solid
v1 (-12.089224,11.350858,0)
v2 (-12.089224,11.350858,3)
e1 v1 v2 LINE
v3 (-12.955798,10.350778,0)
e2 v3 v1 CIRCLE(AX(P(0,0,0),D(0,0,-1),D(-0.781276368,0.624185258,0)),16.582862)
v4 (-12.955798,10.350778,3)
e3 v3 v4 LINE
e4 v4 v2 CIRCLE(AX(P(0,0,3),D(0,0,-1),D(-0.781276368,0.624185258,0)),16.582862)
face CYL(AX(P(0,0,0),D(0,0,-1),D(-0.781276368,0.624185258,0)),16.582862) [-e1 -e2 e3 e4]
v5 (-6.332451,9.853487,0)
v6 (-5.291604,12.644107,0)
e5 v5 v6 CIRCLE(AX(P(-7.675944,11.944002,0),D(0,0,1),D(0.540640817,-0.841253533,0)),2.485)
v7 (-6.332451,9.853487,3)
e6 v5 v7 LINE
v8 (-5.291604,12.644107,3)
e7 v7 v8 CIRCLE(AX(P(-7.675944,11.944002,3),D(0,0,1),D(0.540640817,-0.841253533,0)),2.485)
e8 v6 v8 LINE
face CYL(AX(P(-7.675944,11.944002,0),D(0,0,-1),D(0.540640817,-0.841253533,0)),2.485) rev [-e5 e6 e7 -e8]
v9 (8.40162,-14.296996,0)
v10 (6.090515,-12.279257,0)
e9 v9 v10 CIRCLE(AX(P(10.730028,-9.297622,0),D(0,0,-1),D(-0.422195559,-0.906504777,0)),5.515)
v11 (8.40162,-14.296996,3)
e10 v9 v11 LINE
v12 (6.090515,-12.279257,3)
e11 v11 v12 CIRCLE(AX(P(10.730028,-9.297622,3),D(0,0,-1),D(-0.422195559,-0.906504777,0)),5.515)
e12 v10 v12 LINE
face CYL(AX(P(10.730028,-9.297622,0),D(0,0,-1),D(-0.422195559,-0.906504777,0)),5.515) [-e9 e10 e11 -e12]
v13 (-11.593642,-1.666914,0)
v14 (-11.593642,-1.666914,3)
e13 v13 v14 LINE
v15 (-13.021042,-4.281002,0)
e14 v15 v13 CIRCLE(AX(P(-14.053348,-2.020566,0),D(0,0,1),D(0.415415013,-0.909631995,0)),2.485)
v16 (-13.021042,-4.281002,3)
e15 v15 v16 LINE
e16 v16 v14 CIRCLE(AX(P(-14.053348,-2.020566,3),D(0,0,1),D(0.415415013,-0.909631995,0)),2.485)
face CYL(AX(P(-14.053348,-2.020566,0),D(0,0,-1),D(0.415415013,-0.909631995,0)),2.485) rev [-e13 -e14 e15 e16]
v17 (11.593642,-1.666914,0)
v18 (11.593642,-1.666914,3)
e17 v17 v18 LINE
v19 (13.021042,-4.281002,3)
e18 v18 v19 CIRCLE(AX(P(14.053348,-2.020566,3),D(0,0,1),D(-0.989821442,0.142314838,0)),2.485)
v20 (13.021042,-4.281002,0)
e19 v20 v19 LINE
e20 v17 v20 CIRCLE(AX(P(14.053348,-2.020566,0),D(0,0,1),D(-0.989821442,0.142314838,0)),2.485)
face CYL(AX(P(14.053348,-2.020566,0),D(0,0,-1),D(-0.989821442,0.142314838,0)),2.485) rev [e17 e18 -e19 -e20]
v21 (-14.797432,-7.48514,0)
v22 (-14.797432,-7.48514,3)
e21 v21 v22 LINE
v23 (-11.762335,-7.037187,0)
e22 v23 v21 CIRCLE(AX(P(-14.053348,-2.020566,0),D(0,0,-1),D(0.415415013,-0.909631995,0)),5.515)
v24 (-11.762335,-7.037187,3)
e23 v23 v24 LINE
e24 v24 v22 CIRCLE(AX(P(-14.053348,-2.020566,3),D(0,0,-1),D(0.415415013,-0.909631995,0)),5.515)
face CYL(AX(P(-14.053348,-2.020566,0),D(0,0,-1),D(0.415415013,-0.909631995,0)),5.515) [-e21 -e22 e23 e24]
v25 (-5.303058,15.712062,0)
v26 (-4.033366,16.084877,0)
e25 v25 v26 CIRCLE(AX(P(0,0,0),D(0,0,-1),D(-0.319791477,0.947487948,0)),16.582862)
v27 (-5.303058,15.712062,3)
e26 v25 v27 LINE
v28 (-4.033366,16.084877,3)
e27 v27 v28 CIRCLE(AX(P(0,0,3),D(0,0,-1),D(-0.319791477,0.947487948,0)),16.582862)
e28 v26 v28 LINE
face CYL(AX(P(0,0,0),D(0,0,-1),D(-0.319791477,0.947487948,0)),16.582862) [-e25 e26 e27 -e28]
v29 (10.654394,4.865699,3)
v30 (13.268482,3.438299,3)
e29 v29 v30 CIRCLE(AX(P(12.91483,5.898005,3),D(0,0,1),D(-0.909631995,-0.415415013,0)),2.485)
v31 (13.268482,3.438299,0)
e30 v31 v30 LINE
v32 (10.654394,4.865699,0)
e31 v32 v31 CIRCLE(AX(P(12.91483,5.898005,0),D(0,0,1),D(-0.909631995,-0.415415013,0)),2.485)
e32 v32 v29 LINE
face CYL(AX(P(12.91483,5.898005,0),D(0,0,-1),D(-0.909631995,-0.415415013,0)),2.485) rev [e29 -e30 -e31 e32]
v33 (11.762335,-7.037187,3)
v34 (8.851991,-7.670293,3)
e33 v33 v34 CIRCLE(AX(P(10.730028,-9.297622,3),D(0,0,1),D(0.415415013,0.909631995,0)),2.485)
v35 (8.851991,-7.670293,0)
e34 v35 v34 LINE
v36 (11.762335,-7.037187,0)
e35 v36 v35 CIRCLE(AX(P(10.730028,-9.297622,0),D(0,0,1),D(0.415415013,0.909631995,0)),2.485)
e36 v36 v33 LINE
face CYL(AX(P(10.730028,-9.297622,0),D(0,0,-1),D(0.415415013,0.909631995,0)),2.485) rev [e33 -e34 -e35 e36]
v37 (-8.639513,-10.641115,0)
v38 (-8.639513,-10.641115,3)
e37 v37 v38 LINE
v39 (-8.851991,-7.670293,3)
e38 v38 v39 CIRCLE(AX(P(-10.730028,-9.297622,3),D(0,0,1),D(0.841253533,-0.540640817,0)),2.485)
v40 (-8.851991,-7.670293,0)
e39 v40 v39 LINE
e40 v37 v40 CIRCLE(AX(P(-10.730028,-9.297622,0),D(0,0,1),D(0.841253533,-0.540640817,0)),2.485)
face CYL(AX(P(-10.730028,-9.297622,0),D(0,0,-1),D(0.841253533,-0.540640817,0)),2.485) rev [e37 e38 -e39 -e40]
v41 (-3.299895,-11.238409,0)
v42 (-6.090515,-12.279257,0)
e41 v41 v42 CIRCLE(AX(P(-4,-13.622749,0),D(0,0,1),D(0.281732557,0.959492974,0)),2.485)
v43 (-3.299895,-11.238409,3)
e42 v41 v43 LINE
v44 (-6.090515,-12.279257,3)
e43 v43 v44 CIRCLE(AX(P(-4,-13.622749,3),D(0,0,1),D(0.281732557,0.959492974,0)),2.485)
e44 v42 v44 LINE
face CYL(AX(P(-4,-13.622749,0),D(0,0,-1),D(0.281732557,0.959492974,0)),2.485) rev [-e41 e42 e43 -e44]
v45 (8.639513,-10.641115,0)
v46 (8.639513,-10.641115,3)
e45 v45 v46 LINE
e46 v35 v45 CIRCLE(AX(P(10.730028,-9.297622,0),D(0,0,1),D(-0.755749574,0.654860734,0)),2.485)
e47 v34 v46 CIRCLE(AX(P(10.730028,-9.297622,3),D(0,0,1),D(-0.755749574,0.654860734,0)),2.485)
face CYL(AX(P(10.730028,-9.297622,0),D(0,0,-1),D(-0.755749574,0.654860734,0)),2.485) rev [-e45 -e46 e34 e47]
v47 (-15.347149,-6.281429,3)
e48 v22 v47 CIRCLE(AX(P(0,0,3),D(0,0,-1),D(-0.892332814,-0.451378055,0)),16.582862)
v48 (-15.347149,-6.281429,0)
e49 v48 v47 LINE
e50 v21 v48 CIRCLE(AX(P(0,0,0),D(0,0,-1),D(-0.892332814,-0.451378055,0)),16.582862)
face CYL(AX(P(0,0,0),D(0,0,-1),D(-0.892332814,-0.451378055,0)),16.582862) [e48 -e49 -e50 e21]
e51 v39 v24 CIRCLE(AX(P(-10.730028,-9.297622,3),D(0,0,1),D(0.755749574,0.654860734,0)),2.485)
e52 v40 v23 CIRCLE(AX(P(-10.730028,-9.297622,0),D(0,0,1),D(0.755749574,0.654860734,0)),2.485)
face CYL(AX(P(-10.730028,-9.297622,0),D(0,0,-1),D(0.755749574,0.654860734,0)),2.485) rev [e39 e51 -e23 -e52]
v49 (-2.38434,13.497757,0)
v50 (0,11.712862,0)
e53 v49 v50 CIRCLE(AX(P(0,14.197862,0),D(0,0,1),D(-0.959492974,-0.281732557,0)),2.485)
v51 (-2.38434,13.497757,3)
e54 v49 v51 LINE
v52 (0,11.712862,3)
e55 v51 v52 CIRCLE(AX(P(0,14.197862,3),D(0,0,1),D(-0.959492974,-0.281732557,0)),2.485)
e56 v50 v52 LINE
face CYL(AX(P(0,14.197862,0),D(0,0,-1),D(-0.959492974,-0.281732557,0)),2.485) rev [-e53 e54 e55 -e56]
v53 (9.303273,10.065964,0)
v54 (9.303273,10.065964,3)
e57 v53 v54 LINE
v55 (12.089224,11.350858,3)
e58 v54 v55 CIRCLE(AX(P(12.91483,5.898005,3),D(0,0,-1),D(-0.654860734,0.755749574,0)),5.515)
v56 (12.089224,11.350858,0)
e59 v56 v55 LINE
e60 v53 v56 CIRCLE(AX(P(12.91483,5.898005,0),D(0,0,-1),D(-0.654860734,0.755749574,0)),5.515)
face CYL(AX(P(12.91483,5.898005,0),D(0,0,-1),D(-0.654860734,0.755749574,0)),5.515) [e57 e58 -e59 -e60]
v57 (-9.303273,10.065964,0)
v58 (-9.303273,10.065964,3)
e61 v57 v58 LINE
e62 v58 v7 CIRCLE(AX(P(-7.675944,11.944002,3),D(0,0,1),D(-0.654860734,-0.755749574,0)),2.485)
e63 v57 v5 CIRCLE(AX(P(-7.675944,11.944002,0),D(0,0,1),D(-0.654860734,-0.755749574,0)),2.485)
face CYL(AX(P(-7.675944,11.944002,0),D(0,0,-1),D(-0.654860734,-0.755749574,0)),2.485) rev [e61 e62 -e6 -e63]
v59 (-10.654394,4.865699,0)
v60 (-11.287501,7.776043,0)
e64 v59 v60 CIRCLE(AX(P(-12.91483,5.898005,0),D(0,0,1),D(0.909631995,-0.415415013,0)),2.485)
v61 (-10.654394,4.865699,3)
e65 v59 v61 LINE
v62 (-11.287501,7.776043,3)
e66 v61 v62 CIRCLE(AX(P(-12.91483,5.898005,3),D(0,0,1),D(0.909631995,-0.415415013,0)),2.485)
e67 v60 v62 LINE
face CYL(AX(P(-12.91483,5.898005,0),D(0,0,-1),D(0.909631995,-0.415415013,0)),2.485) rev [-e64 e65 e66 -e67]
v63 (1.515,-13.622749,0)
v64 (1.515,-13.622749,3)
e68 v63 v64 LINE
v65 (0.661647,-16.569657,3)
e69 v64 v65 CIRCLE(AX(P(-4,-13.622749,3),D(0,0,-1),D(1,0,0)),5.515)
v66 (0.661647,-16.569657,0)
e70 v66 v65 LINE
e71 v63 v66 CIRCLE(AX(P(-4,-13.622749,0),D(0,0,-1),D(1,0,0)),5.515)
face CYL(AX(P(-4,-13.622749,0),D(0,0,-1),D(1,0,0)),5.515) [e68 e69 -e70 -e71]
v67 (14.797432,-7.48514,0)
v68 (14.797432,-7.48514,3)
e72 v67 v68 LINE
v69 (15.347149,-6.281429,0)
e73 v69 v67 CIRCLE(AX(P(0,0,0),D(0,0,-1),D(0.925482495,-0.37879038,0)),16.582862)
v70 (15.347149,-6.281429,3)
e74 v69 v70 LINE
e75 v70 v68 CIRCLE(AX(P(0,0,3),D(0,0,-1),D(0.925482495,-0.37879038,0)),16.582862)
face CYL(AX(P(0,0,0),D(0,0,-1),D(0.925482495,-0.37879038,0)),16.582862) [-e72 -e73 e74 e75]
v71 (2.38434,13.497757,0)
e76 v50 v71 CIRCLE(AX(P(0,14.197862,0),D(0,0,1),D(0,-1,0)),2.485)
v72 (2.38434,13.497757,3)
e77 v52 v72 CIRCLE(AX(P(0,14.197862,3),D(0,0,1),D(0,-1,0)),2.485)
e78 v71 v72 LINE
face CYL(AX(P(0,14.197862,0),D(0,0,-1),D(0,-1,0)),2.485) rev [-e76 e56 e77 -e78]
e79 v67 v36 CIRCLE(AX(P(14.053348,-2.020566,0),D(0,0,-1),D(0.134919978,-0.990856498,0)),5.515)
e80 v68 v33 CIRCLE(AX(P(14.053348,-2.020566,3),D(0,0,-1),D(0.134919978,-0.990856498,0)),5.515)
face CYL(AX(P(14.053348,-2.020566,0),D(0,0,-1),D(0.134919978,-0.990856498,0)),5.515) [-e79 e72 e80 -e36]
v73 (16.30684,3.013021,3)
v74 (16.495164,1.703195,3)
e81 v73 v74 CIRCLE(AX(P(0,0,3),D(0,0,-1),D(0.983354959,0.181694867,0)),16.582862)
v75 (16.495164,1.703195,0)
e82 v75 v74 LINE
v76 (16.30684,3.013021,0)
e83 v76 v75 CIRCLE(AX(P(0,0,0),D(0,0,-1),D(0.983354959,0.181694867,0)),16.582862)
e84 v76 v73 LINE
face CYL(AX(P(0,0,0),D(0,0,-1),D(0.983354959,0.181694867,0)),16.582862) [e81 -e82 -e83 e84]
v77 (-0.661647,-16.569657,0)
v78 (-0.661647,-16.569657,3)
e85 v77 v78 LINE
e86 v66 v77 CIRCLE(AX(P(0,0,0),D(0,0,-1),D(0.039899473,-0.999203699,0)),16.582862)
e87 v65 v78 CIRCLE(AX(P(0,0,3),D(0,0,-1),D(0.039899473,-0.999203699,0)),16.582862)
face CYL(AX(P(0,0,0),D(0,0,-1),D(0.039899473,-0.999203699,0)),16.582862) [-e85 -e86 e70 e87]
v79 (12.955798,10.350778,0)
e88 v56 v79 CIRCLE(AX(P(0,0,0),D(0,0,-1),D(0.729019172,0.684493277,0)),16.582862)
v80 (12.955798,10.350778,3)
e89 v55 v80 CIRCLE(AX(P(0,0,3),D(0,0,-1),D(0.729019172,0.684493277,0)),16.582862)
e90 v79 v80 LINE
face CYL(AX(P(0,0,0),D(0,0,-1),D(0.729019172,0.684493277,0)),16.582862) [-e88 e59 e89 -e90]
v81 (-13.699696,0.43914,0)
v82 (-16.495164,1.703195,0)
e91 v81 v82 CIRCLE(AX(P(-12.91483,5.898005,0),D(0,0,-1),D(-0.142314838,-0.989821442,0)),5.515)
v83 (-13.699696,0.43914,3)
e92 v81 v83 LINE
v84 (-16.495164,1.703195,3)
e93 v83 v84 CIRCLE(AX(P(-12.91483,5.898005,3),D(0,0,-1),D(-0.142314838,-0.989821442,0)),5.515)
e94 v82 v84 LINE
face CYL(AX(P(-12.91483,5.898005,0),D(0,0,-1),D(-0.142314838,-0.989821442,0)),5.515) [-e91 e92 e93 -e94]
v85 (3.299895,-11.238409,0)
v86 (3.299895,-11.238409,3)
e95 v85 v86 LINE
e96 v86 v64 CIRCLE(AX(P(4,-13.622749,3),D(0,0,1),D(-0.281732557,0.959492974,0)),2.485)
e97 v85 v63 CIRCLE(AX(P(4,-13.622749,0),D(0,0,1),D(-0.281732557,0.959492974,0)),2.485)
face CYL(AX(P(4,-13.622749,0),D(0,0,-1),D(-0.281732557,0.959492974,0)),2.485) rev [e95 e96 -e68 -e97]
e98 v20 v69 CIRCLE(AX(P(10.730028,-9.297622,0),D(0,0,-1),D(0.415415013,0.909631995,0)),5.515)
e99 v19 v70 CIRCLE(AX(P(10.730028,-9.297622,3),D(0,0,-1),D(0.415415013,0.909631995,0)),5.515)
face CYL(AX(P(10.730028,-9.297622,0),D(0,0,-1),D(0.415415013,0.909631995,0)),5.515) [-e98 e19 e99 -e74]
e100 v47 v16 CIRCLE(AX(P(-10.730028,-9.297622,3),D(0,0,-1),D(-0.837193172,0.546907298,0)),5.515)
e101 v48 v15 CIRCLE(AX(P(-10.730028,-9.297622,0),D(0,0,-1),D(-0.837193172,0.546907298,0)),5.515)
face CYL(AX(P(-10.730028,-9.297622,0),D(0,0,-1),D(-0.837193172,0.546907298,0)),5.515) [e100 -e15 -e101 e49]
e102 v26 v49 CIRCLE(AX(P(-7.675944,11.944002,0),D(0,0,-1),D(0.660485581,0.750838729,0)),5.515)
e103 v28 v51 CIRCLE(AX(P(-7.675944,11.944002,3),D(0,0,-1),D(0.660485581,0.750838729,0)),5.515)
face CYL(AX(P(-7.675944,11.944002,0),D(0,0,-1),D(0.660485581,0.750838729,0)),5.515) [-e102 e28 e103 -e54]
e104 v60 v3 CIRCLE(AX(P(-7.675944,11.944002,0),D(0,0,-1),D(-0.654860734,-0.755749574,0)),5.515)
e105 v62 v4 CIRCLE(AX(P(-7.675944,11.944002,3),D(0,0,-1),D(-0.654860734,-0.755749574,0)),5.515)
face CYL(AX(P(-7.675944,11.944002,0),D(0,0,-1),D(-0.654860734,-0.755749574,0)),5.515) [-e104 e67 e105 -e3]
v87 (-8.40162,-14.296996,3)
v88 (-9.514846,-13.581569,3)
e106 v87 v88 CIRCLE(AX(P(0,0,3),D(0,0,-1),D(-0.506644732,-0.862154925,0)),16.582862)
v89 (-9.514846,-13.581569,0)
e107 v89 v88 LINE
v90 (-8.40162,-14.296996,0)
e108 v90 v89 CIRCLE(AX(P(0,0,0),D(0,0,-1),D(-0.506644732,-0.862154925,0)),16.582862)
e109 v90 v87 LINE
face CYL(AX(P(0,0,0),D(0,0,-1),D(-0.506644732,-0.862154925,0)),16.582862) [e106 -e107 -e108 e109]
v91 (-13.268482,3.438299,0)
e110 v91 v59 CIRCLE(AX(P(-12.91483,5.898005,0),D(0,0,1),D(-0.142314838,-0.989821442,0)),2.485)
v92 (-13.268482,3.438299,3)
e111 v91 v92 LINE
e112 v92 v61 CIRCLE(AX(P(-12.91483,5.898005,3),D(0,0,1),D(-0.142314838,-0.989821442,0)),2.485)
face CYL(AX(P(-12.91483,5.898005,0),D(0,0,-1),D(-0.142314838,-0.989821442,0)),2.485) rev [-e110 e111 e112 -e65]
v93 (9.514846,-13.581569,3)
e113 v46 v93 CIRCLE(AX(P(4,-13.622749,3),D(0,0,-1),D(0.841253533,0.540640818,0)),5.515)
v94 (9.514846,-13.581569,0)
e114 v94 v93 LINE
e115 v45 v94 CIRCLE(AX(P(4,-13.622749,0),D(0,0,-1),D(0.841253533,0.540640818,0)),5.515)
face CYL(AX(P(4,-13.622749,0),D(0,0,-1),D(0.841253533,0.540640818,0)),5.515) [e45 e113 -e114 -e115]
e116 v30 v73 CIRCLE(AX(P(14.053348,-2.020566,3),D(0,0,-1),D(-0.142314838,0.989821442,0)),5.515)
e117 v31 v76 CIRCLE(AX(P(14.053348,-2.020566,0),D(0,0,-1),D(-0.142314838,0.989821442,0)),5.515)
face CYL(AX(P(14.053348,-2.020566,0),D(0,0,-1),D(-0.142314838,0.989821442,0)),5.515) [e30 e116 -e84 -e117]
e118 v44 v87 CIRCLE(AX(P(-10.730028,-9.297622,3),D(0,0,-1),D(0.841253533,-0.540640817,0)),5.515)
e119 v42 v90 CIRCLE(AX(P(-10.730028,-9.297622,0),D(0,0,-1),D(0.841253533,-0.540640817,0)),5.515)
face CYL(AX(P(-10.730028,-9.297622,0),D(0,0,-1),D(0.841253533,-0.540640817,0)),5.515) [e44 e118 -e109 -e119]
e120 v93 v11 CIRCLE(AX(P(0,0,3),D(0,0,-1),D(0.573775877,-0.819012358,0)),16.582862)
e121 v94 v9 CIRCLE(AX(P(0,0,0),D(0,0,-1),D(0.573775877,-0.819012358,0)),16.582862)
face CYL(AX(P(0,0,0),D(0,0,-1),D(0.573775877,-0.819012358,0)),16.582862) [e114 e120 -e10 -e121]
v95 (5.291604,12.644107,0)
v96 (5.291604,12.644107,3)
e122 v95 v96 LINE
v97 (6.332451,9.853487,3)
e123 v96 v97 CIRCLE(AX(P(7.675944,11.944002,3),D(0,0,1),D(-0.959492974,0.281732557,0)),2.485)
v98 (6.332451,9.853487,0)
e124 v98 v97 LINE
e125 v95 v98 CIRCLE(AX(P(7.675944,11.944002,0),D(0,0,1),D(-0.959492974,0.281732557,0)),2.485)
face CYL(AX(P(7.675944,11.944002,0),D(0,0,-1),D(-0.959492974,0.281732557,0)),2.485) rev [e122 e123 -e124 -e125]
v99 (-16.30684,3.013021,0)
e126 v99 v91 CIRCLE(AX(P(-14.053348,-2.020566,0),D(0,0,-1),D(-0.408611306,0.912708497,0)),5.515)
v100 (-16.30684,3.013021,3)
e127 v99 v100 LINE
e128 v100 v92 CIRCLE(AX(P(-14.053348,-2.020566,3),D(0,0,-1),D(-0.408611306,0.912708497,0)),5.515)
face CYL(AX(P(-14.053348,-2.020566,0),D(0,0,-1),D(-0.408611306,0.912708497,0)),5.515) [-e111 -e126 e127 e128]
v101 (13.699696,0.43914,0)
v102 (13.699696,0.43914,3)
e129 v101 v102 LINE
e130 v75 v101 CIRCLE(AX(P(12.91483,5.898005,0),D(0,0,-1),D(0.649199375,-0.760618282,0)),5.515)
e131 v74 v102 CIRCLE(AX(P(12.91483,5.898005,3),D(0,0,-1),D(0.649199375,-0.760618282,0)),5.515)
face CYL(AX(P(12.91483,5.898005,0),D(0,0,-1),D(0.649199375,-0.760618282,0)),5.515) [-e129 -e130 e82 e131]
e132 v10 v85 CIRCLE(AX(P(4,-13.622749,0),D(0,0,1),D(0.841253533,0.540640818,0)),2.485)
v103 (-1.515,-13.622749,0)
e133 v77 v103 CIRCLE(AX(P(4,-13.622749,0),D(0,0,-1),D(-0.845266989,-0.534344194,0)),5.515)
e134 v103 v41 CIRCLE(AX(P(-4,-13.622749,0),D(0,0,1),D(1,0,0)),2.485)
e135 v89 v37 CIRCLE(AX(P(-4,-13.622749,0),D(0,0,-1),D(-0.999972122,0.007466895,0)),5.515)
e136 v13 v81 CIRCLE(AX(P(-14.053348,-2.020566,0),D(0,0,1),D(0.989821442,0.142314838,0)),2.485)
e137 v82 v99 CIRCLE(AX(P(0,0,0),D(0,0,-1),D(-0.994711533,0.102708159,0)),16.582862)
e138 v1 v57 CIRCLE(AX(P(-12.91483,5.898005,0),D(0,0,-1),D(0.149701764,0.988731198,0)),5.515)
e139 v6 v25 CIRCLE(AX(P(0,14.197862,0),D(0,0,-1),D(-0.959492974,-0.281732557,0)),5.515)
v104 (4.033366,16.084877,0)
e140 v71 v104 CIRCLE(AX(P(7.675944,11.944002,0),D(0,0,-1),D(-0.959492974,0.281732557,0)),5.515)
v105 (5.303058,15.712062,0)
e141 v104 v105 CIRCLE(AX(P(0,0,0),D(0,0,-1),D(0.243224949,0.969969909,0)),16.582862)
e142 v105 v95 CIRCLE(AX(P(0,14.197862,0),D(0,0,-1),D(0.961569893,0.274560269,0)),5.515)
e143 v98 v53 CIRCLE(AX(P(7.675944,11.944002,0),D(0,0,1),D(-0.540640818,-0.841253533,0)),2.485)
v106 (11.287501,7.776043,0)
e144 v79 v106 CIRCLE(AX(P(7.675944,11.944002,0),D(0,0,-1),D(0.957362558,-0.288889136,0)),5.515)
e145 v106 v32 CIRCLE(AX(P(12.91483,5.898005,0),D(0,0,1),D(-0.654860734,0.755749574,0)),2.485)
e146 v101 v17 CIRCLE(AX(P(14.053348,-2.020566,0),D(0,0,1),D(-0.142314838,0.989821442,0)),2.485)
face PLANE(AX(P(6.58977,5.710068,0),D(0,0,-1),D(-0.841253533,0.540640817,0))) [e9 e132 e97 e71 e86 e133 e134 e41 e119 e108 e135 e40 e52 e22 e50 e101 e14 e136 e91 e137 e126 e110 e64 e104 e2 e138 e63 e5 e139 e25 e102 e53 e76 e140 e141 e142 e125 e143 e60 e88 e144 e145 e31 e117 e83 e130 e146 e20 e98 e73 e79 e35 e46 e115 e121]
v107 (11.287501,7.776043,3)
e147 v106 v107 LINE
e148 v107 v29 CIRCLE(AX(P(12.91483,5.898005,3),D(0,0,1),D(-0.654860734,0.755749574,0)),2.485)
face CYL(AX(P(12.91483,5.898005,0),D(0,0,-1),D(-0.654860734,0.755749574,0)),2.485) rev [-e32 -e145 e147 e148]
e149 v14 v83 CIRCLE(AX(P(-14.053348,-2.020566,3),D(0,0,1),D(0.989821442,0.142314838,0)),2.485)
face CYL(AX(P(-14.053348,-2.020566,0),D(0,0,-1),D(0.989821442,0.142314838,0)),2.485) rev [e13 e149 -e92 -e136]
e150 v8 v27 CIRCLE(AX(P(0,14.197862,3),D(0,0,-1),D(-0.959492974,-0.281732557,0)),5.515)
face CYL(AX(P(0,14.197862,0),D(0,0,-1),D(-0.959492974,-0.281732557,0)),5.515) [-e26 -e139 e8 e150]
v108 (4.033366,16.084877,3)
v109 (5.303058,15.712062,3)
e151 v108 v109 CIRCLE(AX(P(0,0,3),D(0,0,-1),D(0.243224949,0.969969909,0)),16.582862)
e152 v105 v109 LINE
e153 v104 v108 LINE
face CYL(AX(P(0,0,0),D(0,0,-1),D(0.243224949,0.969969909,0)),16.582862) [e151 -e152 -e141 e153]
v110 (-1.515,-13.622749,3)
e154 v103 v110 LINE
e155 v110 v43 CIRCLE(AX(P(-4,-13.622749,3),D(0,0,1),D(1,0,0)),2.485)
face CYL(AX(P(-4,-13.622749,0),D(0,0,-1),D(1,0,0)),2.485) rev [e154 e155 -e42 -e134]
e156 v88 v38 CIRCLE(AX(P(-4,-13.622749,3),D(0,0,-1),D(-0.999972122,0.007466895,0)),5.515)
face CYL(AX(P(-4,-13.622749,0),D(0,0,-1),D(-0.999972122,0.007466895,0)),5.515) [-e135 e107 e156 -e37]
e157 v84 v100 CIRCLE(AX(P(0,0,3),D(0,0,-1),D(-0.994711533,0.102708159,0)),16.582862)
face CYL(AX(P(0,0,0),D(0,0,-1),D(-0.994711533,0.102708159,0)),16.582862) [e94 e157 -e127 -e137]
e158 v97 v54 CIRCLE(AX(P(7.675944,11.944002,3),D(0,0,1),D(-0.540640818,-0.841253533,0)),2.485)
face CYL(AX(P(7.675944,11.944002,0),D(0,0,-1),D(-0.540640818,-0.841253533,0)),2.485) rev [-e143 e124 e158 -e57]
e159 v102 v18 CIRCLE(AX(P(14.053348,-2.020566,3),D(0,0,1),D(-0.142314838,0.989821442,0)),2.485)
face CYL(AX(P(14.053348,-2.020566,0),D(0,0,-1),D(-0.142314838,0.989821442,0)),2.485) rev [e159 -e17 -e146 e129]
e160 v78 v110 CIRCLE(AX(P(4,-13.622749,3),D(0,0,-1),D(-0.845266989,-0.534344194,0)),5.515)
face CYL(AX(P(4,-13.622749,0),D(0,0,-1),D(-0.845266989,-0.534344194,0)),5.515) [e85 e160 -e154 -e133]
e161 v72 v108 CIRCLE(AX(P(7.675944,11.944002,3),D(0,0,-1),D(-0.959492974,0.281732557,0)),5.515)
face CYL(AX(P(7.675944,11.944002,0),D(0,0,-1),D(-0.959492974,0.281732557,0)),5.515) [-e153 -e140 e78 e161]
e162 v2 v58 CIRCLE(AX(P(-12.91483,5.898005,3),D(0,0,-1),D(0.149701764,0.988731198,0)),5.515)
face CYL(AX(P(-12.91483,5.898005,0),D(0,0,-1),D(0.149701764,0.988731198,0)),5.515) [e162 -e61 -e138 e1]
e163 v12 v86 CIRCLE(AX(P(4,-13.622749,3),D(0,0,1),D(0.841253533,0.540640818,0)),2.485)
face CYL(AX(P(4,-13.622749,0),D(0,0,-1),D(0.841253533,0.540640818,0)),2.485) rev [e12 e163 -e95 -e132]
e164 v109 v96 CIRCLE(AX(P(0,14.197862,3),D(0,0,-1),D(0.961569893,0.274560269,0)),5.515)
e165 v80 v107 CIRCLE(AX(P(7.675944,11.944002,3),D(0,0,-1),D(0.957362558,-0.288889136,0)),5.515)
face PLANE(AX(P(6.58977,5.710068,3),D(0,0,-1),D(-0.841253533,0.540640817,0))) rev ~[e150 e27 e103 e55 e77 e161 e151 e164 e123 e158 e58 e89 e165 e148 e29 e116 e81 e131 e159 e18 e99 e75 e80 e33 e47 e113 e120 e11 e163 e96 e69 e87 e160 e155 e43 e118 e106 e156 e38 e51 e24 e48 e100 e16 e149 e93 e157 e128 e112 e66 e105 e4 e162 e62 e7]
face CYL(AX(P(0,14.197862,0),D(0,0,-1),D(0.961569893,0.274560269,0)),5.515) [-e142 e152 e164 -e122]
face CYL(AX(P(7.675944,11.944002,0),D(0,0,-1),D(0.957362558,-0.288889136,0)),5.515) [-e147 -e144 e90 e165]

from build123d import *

# Parameters (mm, degrees)
EXTRUDE_1_DEPTH          = 3
PATTERN_CIRCULAR_1_COUNT = 11


with BuildPart() as part:
    # Эскиз2 → Бобышка-Вытянуть1 (new body)
    with BuildSketch(Plane.XY):
        with BuildLine():
            Line((0, 0), (0, 11.712862132))
            ThreePointArc((0, 11.712862132), (1.489205001, 12.208517148), (2.384340039, 13.497756728))
            ThreePointArc((2.384340039, 13.497756728), (3.025331037, 14.908293504), (4.033365809, 16.084877268))
            ThreePointArc((4.033365809, 16.084877268), (4.671932148, 15.911139698), (5.303057959, 15.712062015))
            ThreePointArc((5.303057959, 15.712062015), (5.514961564, 14.177272024), (5.291603749, 12.644107081))
            ThreePointArc((5.291603749, 12.644107081), (5.347623722, 11.075583191), (6.332451358, 9.853486648))
            Line((6.332451358, 9.853486648), (0, 0))
        make_face()
    extrude_1 = extrude(amount=EXTRUDE_1_DEPTH)

    # Круговой массив1: Бобышка-Вытянуть1 ×11 about axis
    pattern_circular_1_axis = Axis((0, 0, 0), (0, 0, 1))
    for i in range(1, PATTERN_CIRCULAR_1_COUNT):
        add(extrude_1.rotate(pattern_circular_1_axis, i * 360 / PATTERN_CIRCULAR_1_COUNT))


solid = part.part
